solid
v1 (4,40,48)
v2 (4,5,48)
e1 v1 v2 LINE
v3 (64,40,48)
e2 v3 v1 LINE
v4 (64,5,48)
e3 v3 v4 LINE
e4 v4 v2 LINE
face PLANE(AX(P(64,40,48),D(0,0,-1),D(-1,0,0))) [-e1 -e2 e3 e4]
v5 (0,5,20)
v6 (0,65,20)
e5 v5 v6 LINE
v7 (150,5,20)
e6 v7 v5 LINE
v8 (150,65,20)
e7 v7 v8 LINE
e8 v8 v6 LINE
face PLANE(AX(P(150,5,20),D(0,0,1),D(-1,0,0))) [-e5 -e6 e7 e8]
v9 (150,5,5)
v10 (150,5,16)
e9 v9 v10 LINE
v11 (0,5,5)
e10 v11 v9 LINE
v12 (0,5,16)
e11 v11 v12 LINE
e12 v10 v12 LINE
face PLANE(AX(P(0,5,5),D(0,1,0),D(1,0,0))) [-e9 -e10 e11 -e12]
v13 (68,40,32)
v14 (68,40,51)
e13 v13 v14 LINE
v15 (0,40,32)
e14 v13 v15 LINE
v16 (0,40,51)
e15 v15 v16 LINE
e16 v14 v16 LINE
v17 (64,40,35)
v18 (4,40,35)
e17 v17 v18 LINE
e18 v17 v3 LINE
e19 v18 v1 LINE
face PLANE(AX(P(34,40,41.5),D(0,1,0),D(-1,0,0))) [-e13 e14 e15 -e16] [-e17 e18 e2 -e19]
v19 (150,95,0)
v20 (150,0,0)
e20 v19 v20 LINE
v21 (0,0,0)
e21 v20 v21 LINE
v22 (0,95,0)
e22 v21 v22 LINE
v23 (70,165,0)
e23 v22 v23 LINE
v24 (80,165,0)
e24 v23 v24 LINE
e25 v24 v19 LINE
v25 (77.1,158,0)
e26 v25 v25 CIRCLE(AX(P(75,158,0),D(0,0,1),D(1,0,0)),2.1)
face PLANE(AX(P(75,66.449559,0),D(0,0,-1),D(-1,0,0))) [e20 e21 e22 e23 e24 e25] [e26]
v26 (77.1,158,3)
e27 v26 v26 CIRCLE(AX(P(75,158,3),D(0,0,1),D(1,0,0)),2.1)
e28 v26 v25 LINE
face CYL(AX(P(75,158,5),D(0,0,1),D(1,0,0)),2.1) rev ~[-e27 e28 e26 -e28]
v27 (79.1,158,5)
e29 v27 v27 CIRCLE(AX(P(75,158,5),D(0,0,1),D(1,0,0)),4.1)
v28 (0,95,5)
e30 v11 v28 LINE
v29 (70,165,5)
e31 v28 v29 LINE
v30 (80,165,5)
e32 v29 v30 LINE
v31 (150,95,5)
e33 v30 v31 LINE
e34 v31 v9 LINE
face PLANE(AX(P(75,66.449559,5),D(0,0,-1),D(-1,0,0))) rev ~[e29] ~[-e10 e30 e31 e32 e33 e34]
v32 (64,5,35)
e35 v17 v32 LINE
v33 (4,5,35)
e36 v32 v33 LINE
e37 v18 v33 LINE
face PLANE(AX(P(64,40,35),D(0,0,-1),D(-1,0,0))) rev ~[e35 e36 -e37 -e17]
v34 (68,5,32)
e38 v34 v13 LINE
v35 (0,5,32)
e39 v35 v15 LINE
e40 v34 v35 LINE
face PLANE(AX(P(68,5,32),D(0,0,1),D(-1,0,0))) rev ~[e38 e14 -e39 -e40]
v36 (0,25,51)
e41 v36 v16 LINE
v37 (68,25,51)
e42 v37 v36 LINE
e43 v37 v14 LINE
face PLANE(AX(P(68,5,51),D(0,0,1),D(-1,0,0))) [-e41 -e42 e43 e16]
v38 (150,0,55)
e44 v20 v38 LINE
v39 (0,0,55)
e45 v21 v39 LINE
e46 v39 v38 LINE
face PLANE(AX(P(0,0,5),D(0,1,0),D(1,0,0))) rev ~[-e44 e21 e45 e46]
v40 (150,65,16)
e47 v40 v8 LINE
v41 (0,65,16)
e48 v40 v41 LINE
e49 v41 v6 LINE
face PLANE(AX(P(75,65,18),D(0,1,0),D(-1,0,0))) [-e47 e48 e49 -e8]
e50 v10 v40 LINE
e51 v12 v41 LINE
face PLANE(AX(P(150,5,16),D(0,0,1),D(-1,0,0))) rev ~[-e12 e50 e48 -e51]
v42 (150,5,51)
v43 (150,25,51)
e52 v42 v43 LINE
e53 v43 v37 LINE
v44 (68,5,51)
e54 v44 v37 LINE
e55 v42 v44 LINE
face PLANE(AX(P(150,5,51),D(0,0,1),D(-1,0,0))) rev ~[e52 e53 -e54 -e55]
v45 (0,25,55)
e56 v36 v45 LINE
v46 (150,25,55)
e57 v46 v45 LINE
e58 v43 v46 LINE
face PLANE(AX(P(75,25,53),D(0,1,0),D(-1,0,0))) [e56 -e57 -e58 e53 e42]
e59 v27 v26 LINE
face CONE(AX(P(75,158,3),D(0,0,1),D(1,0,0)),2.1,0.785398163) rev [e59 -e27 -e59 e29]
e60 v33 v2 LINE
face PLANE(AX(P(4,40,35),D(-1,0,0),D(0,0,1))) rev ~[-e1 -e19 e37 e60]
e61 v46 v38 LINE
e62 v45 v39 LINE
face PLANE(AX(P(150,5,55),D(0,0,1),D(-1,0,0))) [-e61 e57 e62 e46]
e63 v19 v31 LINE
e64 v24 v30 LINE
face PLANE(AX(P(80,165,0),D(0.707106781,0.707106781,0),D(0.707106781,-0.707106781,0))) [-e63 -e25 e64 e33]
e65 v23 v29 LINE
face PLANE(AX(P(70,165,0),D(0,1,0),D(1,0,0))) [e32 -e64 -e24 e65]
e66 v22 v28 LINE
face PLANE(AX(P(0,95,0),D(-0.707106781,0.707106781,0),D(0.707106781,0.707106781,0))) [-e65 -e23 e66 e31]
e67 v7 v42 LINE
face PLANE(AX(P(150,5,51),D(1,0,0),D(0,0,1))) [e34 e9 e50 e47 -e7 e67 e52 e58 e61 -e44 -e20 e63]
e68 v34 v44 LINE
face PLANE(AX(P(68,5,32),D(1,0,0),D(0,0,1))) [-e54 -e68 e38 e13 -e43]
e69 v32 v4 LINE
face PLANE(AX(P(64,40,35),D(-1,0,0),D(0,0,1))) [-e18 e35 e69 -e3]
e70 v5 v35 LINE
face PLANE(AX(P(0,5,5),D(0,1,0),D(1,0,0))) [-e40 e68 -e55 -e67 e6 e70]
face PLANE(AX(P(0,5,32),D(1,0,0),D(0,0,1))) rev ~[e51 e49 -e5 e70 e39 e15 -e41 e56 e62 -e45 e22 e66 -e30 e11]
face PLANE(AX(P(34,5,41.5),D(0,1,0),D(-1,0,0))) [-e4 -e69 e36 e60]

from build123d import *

# Parameters (mm, degrees)
PAD_DEPTH       = 5
SKETCH001_W     = 150
SKETCH001_H     = 5
PAD001_DEPTH    = 50
SKETCH002_W     = 150
SKETCH002_H     = 4
PAD002_DEPTH    = 60
SKETCH003_W     = 150
SKETCH003_H     = 4
PAD003_DEPTH    = 20
SKETCH004_W     = 68
SKETCH004_H     = 19
PAD004_DEPTH    = 35
SKETCH005_W     = 60
SKETCH005_H     = 13
POCKET_DEPTH    = 35
SKETCH006_R     = 2.1
POCKET001_DEPTH = 5
CHAMFER_SIZE    = 2


with BuildPart() as part:
    # Sketch → Pad (new body)
    with BuildSketch(Plane.XY):
        Polygon((0, 0), (0, 95), (70, 165), (80, 165), (150, 95), (150, 0), align=None)
    extrude(amount=PAD_DEPTH)

    # Sketch001 (on Face8 of Pad) → Pad001 (join)
    with BuildSketch(Plane.XY.offset(5)):
        with Locations((75, 2.5)):
            Rectangle(SKETCH001_W, SKETCH001_H)
    extrude(amount=PAD001_DEPTH)

    # Sketch002 (on Face11 of Pad001) → Pad002 (join)
    with BuildSketch(Plane(origin=(0, 5, 0), x_dir=(-1, 0, 0), z_dir=(0, 1, 0))):
        with Locations((-75, 18)):
            Rectangle(SKETCH002_W, SKETCH002_H)
    extrude(amount=PAD002_DEPTH)

    # Sketch003 (on Face10 of Pad002) → Pad003 (join)
    with BuildSketch(Plane(origin=(0, 5, 0), x_dir=(-1, 0, 0), z_dir=(0, 1, 0))):
        with Locations((-75, 53)):
            Rectangle(SKETCH003_W, SKETCH003_H)
    extrude(amount=PAD003_DEPTH)

    # Sketch004 (on Face10 of Pad003) → Pad004 (join)
    with BuildSketch(Plane(origin=(0, 5, 0), x_dir=(-1, 0, 0), z_dir=(0, 1, 0))):
        with Locations((-34, 41.5)):
            Rectangle(SKETCH004_W, SKETCH004_H)
    extrude(amount=PAD004_DEPTH)

    # Sketch005 (on Face23 of Pad004) → Pocket (cut)
    with BuildSketch(Plane(origin=(0, 40, 0), x_dir=(-1, 0, 0), z_dir=(0, 1, 0))):
        with Locations((-34, 41.5)):
            Rectangle(SKETCH005_W, SKETCH005_H)
    extrude(amount=-POCKET_DEPTH, mode=Mode.SUBTRACT)

    # Sketch006 (on Face5 of Pocket) → Pocket001 (cut)
    with BuildSketch(Plane.XY.offset(5)):
        with Locations((75, 158)):
            Circle(SKETCH006_R)
    extrude(amount=-POCKET001_DEPTH, mode=Mode.SUBTRACT)

    # Chamfer
    chamfer_edges = [part.edges().sort_by_distance(p)[0] for p in [
        (72.9, 158, 5),
    ]]
    chamfer(chamfer_edges, length=CHAMFER_SIZE)


solid = part.part
